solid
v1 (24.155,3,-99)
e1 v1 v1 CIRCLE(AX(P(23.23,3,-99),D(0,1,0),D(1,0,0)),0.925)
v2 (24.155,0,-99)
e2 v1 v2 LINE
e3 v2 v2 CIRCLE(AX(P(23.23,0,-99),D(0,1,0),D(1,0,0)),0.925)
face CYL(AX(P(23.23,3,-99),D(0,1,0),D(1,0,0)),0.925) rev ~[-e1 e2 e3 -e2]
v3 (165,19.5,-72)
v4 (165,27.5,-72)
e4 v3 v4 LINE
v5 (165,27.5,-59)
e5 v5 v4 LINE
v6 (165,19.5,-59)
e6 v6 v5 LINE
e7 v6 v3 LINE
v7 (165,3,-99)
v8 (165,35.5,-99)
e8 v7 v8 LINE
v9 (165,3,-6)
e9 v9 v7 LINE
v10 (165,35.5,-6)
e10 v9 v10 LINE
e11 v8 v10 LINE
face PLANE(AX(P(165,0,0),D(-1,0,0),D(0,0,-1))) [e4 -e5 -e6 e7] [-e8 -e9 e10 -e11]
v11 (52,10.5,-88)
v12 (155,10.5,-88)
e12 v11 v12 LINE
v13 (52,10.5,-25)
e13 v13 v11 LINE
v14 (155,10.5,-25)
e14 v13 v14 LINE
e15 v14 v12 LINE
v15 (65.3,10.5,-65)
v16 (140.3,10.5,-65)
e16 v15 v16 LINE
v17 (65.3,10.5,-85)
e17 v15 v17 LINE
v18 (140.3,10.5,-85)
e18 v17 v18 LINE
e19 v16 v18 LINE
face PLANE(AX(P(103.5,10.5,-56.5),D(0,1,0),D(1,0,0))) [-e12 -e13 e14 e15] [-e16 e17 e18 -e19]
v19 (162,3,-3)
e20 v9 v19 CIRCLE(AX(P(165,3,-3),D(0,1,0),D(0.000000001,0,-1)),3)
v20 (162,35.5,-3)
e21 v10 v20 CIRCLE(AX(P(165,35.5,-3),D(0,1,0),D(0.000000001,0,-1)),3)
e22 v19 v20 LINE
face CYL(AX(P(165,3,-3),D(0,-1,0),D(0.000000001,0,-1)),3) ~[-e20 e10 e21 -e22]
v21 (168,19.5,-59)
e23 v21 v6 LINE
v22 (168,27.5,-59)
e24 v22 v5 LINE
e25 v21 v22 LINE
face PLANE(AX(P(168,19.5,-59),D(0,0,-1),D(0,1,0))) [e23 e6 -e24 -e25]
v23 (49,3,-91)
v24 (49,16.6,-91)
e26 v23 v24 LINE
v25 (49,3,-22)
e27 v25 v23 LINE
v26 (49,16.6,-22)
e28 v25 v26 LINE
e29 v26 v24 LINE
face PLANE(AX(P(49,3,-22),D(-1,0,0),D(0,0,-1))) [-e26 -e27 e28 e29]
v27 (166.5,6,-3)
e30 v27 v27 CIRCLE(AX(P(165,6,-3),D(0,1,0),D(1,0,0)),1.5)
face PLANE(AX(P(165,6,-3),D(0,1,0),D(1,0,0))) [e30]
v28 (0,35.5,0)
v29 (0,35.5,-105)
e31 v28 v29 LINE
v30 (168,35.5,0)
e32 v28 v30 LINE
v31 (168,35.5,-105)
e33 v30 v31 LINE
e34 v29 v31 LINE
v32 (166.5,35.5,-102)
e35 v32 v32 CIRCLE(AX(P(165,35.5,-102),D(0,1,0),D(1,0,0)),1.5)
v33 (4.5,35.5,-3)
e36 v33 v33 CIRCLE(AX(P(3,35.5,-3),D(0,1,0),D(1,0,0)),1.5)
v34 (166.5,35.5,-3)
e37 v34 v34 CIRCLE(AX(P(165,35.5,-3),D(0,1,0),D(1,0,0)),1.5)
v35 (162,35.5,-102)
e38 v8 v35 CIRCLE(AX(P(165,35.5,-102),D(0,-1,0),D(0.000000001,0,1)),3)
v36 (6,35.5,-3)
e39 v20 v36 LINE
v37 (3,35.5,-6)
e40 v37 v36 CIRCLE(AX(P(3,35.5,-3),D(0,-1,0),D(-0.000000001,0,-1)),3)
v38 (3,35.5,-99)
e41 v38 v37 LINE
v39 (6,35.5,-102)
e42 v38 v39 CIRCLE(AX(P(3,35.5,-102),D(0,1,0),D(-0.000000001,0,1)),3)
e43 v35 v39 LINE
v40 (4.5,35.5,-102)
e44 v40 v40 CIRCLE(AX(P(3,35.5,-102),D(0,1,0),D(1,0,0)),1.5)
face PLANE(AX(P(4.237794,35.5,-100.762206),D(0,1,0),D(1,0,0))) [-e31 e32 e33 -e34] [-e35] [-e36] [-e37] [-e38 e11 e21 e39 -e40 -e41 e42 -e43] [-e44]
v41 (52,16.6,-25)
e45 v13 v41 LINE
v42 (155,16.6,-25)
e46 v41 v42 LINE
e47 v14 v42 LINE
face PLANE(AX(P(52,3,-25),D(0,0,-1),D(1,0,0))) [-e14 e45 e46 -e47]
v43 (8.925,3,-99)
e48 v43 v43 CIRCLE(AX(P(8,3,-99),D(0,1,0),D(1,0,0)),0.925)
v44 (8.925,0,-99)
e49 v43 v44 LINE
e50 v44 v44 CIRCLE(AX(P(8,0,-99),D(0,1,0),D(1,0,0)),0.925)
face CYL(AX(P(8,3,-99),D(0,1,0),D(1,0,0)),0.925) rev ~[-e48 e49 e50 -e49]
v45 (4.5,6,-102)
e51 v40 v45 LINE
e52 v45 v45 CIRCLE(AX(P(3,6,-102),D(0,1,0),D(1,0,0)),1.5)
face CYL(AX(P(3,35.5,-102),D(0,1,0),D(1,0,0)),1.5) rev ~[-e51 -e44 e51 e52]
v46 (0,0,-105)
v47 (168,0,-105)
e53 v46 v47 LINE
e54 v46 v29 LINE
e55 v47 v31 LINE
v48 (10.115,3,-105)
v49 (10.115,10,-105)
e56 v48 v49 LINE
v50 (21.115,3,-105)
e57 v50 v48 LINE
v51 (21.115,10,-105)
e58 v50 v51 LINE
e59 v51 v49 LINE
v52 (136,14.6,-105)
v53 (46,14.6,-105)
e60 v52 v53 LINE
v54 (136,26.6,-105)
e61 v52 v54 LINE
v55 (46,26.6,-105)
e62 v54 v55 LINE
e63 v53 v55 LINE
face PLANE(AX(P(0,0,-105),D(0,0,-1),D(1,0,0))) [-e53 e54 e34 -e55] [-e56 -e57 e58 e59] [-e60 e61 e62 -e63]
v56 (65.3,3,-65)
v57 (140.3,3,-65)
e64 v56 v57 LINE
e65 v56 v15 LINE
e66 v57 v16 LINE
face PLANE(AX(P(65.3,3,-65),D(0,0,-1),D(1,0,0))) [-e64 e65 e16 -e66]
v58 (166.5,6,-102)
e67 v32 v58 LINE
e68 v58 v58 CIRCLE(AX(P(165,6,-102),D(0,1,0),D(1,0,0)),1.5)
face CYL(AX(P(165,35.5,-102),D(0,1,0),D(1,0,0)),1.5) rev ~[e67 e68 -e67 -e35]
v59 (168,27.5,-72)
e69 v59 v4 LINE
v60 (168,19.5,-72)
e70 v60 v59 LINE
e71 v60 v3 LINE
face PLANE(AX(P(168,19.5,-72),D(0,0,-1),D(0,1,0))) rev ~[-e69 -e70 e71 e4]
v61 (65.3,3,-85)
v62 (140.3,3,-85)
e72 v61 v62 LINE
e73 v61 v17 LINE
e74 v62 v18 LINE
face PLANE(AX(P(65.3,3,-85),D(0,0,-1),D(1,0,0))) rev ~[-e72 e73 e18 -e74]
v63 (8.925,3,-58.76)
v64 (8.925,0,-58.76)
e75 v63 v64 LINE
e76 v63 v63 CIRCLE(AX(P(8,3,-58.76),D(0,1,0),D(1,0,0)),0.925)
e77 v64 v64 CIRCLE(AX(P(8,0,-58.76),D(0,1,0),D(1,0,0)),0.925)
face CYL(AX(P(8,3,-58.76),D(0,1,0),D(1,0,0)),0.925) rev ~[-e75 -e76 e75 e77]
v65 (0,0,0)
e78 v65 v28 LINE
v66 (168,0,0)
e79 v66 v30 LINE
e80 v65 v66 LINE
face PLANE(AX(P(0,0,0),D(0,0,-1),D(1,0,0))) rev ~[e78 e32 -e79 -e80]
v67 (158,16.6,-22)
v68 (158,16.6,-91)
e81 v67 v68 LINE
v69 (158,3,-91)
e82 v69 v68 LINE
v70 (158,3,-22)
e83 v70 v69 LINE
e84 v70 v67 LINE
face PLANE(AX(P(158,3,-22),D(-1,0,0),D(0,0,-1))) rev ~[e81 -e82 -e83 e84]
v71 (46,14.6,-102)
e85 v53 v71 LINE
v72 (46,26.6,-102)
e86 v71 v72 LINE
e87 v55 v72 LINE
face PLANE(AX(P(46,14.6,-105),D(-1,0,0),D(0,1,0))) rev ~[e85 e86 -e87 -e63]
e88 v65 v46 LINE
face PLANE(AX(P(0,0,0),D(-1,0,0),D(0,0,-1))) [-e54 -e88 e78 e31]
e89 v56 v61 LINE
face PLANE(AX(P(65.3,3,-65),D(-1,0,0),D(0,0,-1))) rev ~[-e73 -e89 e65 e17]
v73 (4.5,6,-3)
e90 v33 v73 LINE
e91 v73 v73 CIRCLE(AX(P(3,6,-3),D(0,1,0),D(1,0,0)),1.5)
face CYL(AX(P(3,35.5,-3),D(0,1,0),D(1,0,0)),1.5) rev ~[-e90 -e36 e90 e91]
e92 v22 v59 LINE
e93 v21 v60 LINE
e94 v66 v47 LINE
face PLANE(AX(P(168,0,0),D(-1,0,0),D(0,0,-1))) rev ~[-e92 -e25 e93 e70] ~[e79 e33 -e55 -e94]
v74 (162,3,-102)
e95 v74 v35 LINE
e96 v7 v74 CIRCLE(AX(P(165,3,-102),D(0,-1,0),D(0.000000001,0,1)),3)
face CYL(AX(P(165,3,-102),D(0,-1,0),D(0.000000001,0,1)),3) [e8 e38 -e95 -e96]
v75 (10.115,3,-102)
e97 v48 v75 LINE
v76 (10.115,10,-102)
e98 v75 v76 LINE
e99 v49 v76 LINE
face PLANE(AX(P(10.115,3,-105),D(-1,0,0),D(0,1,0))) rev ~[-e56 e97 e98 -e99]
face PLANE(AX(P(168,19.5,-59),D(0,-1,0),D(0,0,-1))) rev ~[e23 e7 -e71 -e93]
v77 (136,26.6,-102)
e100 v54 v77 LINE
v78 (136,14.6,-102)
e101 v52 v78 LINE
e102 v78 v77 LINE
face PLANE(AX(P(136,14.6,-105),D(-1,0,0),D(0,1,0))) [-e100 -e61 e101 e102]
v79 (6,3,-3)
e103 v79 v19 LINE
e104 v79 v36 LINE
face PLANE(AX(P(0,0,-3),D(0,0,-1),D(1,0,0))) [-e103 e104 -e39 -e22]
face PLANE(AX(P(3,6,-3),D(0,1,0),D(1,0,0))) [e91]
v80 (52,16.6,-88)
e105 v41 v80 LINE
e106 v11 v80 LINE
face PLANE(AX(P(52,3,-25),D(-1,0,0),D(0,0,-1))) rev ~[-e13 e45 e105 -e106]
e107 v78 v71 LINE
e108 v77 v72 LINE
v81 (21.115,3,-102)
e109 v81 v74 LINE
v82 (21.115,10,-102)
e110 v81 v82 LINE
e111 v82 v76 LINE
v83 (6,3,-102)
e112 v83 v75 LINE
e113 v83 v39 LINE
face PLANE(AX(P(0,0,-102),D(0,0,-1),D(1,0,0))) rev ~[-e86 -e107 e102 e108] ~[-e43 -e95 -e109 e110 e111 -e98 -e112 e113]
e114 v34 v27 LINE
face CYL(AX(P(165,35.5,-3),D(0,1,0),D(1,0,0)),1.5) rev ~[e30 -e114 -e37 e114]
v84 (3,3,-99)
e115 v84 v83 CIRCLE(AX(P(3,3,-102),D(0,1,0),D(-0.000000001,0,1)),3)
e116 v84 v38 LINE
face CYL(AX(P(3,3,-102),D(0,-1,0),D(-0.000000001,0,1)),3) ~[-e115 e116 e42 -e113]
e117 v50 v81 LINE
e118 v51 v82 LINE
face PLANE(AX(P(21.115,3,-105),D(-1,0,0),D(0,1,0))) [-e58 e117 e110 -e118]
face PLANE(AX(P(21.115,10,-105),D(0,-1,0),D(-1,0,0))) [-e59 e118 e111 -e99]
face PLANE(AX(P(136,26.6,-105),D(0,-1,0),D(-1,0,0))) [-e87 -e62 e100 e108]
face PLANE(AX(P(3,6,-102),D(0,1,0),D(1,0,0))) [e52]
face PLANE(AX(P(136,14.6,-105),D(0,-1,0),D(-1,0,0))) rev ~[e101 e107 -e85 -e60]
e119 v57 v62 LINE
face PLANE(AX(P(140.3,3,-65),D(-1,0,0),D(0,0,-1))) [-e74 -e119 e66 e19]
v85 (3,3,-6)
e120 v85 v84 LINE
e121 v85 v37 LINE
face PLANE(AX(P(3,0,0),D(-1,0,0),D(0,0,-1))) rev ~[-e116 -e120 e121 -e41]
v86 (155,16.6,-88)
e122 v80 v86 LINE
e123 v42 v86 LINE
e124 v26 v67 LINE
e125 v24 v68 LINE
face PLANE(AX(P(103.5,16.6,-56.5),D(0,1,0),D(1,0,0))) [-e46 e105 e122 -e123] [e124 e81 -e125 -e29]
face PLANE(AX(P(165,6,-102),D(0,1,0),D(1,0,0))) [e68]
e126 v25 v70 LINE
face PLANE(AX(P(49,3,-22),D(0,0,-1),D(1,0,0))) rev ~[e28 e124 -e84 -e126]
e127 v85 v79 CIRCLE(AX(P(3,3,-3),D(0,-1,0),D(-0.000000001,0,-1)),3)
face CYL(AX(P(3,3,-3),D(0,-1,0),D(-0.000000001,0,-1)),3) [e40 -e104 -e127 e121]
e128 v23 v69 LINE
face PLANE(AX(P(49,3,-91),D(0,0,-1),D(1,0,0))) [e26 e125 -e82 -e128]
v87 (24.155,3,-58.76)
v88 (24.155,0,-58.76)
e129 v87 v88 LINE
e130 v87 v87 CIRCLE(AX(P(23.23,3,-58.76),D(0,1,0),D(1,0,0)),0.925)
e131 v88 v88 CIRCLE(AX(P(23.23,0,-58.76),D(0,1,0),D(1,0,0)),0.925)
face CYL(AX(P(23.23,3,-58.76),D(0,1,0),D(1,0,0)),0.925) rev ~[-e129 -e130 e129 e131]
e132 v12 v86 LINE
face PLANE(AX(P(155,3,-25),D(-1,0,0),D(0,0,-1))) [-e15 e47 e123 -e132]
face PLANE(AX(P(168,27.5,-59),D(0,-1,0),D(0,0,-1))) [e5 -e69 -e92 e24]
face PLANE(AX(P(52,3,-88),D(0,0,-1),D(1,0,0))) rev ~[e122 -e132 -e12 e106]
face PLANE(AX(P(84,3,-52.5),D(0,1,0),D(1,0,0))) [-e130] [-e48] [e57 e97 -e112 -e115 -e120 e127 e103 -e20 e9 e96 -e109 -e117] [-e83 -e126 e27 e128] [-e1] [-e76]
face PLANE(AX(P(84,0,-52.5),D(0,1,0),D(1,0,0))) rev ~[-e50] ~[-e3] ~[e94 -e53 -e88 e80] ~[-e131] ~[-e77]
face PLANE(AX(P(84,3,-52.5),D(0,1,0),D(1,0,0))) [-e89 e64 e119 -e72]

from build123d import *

# Parameters (mm, degrees)
SKETCH1_W           = 168
SKETCH1_H           = 105
BOSS_EXTRUDE1_DEPTH = 35.5
SHELL3_T            = -3
SKETCH3_R           = 0.925
CUT_EXTRUDE2_DEPTH  = 3
SKETCH7_W           = 109
SKETCH7_H           = 69
SKETCH7_W_2         = 103
SKETCH7_H_2         = 63
BOSS_EXTRUDE3_DEPTH = 13.6
SKETCH8_W           = 103
SKETCH8_H           = 63
SKETCH8_W_2         = 75
SKETCH8_H_2         = 20
BOSS_EXTRUDE4_DEPTH = 7.5
SKETCH2_W           = 11
SKETCH2_H           = 7
SKETCH2_W_2         = 90
SKETCH2_H_2         = 12
CUT_EXTRUDE1_DEPTH  = 3
BOSS_EXTRUDE2_DEPTH = 32.5
SKETCH5_R           = 1.5
CUT_EXTRUDE3_DEPTH  = 29.5
SKETCH13_W          = 13
SKETCH13_H          = 8
CUT_EXTRUDE8_DEPTH  = 3


with BuildPart() as part:
    # Sketch1 → Boss-Extrude1 (new body)
    with BuildSketch(Plane(origin=(0, 0, 0), x_dir=(1, 0, 0), z_dir=(0, 1, 0))):
        with Locations((84, 52.5)):
            Rectangle(SKETCH1_W, SKETCH1_H)
    extrude(amount=BOSS_EXTRUDE1_DEPTH)

    # Shell3
    shell3_openings = [part.faces().sort_by_distance(p)[0] for p in [
        (84, 35.5, -52.5),
    ]]
    offset(amount=SHELL3_T, openings=shell3_openings, kind=Kind.INTERSECTION)

    # Sketch3 → Cut-Extrude2 (cut)
    with BuildSketch(Plane(origin=(0, 3, 0), x_dir=(1, 0, 0), z_dir=(0, 1, 0))):
        with Locations((8, 99)):
            Circle(SKETCH3_R)
        with Locations((23.23, 99)):
            Circle(SKETCH3_R)
        with Locations((23.23, 58.76)):
            Circle(SKETCH3_R)
        with Locations((8, 58.76)):
            Circle(SKETCH3_R)
    extrude(amount=-CUT_EXTRUDE2_DEPTH, mode=Mode.SUBTRACT)

    # Sketch7 → Boss-Extrude3 (add)
    with BuildSketch(Plane(origin=(0, 3, 0), x_dir=(1, 0, 0), z_dir=(0, 1, 0))):
        with Locations((103.5, 56.5)):
            Rectangle(SKETCH7_W, SKETCH7_H)
        with Locations((103.5, 56.5)):
            Rectangle(SKETCH7_W_2, SKETCH7_H_2, mode=Mode.SUBTRACT)
    extrude(amount=BOSS_EXTRUDE3_DEPTH)

    # Sketch8 → Boss-Extrude4 (add)
    with BuildSketch(Plane(origin=(0, 3, 0), x_dir=(1, 0, 0), z_dir=(0, 1, 0))):
        with Locations((103.5, 56.5)):
            Rectangle(SKETCH8_W, SKETCH8_H)
        with Locations((102.8, 75)):
            Rectangle(SKETCH8_W_2, SKETCH8_H_2, mode=Mode.SUBTRACT)
    extrude(amount=BOSS_EXTRUDE4_DEPTH)

    # Sketch2 → Cut-Extrude1 (cut)
    with BuildSketch(Plane(origin=(0, 0, -105), x_dir=(-1, 0, 0), z_dir=(0, 0, -1))):
        with Locations((-15.615, 6.5)):
            Rectangle(SKETCH2_W, SKETCH2_H)
        with Locations((-91, 20.6)):
            Rectangle(SKETCH2_W_2, SKETCH2_H_2)
    extrude(amount=-CUT_EXTRUDE1_DEPTH, mode=Mode.SUBTRACT)

    # Sketch4 → Boss-Extrude2 (add)
    with BuildSketch(Plane(origin=(0, 3, 0), x_dir=(1, 0, 0), z_dir=(0, 1, 0))):
        with BuildLine():
            Line((6, 102), (3, 102))
            Line((3, 102), (3, 99))
            ThreePointArc((3, 99), (5.121320344, 99.878679656), (6, 102))
        make_face()
        with BuildLine():
            Line((162, 102), (165, 102))
            Line((165, 102), (165, 99))
            ThreePointArc((165, 99), (162.878679656, 99.878679656), (162, 102))
        make_face()
        with BuildLine():
            Line((165, 3), (165, 6))
            ThreePointArc((165, 6), (162.878679656, 5.121320344), (162, 3))
            Line((162, 3), (165, 3))
        make_face()
        with BuildLine():
            Line((6, 3), (3, 3))
            Line((3, 3), (3, 6))
            ThreePointArc((3, 6), (5.121320344, 5.121320344), (6, 3))
        make_face()
    extrude(amount=BOSS_EXTRUDE2_DEPTH)

    # Sketch5 → Cut-Extrude3 (cut)
    with BuildSketch(Plane(origin=(0, 35.5, 0), x_dir=(1, 0, 0), z_dir=(0, 1, 0))):
        with Locations((3, 102)):
            Circle(SKETCH5_R)
        with Locations((165, 102)):
            Circle(SKETCH5_R)
        with Locations((3, 3)):
            Circle(SKETCH5_R)
        with Locations((165, 3)):
            Circle(SKETCH5_R)
    extrude(amount=-CUT_EXTRUDE3_DEPTH, mode=Mode.SUBTRACT)

    # Sketch13 → Cut-Extrude8 (cut)
    with BuildSketch(Plane(origin=(168, 0, 0), x_dir=(0, 0, -1), z_dir=(1, 0, 0))):
        with Locations((65.5, 23.5)):
            Rectangle(SKETCH13_W, SKETCH13_H)
    extrude(amount=-CUT_EXTRUDE8_DEPTH, mode=Mode.SUBTRACT)


solid = part.part
